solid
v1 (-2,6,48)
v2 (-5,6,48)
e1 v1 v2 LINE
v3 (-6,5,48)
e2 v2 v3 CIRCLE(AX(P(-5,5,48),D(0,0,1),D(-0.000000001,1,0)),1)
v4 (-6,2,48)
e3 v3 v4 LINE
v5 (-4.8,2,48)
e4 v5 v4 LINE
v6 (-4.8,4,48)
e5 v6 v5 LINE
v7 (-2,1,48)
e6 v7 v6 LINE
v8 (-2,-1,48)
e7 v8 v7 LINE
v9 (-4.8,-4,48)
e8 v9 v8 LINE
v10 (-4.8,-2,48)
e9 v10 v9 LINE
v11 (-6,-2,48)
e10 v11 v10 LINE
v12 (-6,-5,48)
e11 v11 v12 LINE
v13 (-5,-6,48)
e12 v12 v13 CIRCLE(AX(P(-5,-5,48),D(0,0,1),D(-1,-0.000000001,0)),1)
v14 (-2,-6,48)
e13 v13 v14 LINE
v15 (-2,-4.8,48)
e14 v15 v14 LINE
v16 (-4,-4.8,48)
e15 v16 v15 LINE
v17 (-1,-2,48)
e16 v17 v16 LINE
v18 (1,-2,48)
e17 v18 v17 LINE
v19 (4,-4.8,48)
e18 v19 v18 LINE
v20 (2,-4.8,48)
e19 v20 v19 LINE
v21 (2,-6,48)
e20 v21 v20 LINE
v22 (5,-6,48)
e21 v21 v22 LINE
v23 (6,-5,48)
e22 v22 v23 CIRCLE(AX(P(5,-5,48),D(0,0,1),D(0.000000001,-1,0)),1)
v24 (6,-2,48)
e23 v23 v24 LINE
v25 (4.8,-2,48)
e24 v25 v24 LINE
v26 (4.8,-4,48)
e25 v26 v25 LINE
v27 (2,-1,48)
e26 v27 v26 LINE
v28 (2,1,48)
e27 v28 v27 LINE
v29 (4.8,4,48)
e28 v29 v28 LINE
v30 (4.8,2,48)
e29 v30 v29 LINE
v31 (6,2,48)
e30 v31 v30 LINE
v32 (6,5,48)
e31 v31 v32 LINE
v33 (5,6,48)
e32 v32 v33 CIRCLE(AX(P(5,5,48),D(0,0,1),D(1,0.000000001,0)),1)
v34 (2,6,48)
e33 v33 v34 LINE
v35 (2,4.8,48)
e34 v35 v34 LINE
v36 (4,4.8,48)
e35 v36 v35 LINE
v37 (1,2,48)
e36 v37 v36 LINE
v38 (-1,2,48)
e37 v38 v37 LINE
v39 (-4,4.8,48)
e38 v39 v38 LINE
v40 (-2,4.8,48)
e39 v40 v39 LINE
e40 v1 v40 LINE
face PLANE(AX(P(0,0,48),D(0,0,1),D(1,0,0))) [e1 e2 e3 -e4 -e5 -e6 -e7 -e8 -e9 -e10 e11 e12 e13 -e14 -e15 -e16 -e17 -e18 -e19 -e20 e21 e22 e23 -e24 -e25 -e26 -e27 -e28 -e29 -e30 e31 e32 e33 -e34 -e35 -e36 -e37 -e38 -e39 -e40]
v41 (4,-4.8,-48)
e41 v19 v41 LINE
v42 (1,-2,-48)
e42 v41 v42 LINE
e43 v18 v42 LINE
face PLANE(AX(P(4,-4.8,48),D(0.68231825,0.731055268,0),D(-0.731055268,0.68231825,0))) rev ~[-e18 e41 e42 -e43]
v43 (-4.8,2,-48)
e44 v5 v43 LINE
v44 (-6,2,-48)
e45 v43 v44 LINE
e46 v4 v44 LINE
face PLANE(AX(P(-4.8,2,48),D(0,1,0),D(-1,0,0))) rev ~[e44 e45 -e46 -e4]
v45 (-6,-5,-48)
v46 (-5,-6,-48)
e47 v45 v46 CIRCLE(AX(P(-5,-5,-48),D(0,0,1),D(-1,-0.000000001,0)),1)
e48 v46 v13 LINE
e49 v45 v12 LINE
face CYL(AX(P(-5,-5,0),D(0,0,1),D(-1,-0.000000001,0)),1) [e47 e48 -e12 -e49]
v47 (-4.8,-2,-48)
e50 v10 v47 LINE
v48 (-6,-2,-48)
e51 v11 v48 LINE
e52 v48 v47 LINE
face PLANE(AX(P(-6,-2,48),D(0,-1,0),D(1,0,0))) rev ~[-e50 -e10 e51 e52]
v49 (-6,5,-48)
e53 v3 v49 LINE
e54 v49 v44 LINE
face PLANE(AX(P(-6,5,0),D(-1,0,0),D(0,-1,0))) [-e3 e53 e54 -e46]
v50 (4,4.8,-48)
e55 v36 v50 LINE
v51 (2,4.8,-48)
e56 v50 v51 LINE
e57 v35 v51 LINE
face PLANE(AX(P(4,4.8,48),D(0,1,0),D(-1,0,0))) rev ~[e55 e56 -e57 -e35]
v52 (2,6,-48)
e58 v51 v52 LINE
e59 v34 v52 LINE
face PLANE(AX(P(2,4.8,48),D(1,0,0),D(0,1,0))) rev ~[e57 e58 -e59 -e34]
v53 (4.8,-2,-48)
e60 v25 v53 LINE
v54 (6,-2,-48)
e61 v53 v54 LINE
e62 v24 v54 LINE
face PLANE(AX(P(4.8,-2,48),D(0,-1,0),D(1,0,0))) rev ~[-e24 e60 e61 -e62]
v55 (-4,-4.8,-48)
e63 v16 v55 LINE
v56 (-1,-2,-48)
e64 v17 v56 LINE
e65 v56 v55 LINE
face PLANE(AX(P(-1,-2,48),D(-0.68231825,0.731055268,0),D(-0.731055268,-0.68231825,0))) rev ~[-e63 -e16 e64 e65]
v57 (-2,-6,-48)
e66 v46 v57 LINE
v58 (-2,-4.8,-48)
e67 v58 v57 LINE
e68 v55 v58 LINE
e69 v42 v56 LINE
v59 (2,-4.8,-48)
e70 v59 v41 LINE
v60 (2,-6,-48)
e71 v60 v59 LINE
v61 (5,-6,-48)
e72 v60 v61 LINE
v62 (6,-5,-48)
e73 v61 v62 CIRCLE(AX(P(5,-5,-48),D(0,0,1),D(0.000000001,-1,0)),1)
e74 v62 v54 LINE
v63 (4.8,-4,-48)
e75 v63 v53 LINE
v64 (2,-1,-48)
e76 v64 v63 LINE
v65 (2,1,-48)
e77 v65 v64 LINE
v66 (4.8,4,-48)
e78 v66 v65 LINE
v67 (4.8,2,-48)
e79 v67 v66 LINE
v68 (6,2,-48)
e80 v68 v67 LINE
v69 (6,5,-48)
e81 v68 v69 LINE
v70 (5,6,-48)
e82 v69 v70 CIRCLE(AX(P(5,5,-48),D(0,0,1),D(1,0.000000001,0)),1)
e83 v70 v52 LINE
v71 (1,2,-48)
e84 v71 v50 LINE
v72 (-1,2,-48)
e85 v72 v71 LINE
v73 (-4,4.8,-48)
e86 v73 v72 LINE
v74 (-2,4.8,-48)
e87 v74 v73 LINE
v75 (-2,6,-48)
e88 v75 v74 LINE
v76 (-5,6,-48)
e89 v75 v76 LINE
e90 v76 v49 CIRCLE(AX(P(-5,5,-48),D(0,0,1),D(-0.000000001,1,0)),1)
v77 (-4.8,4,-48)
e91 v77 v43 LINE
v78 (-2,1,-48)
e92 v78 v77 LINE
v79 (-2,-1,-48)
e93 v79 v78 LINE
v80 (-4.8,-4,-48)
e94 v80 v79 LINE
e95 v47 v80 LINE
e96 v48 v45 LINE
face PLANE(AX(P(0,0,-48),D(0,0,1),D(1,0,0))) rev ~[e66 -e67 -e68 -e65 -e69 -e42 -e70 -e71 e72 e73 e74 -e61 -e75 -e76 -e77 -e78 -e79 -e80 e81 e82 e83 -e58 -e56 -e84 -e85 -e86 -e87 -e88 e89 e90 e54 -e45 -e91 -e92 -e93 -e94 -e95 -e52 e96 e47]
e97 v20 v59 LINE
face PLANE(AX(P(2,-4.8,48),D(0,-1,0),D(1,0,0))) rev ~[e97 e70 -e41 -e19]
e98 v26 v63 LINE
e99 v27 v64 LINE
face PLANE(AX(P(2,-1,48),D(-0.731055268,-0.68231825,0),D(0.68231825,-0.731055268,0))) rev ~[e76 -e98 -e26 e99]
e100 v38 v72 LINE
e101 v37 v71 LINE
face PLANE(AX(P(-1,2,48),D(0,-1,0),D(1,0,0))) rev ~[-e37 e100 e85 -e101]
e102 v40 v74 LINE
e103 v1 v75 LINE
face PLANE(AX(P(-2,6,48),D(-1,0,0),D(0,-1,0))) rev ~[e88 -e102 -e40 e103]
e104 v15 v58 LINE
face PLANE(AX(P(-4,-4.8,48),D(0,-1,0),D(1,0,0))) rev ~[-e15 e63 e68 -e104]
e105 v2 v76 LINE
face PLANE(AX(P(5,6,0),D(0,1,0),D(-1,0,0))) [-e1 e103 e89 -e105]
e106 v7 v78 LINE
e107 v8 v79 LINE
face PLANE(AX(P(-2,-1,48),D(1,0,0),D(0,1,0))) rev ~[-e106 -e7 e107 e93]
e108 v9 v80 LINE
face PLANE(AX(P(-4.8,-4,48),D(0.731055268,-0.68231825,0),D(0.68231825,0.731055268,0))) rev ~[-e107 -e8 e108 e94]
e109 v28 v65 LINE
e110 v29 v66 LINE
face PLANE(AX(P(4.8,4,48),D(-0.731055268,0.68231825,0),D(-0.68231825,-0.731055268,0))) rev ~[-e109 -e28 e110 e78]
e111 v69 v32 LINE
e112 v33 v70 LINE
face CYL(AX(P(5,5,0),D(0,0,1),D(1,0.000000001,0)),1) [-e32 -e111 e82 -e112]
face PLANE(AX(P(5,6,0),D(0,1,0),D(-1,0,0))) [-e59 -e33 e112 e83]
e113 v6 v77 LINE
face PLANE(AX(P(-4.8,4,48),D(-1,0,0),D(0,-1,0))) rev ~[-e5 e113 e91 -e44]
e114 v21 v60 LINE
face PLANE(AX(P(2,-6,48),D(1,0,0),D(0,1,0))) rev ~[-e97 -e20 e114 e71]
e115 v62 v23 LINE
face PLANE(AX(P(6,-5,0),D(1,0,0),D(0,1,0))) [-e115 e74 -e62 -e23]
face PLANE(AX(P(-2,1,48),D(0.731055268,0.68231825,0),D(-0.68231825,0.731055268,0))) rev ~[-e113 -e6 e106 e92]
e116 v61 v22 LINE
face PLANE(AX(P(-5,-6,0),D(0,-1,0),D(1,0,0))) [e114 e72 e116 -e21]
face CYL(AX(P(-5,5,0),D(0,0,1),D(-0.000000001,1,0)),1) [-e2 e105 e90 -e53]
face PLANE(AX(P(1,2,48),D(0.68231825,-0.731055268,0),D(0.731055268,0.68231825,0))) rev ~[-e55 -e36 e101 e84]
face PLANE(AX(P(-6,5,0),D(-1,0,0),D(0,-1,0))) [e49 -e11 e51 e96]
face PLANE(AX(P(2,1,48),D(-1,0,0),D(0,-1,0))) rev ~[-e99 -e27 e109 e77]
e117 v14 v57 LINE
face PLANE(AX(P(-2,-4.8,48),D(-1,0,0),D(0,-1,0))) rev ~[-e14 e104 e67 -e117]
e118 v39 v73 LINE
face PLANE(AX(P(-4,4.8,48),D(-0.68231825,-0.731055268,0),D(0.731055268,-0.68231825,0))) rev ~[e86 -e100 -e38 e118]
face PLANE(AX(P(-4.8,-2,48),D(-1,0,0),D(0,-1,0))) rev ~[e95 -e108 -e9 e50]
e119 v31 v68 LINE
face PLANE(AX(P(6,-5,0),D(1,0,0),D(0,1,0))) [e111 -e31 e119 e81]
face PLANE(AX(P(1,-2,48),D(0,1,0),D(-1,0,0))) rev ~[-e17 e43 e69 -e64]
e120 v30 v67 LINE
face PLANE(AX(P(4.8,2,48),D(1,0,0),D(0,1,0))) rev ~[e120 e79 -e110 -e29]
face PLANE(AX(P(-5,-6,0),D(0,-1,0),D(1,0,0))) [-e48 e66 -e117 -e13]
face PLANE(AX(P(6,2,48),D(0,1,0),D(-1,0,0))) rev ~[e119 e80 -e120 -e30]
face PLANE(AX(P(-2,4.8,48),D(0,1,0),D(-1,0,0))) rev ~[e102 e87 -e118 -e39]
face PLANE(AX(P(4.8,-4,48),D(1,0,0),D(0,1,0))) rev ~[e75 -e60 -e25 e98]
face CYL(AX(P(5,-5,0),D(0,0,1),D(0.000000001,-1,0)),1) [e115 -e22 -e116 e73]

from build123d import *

# Parameters (mm, degrees)
EXTRUSION1_DEPTH             = 48
ENL_V_MAT_EXTRU_1_DEPTH      = 97.374270425
R_P_TITION_CIRCULAIRE1_COUNT = 4


with BuildPart() as part:
    # Esquisse1 → Extrusion1 (new, symmetric)
    with BuildSketch(Plane.XY):
        with BuildLine():
            Line((-6, 5), (-6, -5))
            ThreePointArc((-6, -5), (-5.707106781, -5.707106781), (-5, -6))
            Line((-5, -6), (5, -6))
            ThreePointArc((5, -6), (5.707106781, -5.707106781), (6, -5))
            Line((6, -5), (6, 5))
            ThreePointArc((6, 5), (5.707106781, 5.707106781), (5, 6))
            Line((5, 6), (-5, 6))
            ThreePointArc((-5, 6), (-5.707106781, 5.707106781), (-6, 5))
        make_face()
    extrude(amount=EXTRUSION1_DEPTH, both=True)

    # Esquisse3 → Enlèv. mat.-Extru.1 (cut, through all)
    with BuildSketch(Plane.XY.offset(48)):
        Polygon((6, 2), (4.8, 2), (4.8, 4), (2, 1), (2, -1), (4.8, -4), (4.8, -2), (6, -2), align=None)
    enl_v_mat_extru_1 = extrude(amount=-ENL_V_MAT_EXTRU_1_DEPTH, mode=Mode.SUBTRACT)

    # Répétition circulaire1: Enlèv. mat.-Extru.1 ×4 about axis
    r_p_tition_circulaire1_axis = Axis((0, 0, -1), (0, 0, 1))
    for i in range(1, R_P_TITION_CIRCULAIRE1_COUNT):
        add(enl_v_mat_extru_1.rotate(r_p_tition_circulaire1_axis, i * 360 / R_P_TITION_CIRCULAIRE1_COUNT), mode=Mode.SUBTRACT)


solid = part.part
